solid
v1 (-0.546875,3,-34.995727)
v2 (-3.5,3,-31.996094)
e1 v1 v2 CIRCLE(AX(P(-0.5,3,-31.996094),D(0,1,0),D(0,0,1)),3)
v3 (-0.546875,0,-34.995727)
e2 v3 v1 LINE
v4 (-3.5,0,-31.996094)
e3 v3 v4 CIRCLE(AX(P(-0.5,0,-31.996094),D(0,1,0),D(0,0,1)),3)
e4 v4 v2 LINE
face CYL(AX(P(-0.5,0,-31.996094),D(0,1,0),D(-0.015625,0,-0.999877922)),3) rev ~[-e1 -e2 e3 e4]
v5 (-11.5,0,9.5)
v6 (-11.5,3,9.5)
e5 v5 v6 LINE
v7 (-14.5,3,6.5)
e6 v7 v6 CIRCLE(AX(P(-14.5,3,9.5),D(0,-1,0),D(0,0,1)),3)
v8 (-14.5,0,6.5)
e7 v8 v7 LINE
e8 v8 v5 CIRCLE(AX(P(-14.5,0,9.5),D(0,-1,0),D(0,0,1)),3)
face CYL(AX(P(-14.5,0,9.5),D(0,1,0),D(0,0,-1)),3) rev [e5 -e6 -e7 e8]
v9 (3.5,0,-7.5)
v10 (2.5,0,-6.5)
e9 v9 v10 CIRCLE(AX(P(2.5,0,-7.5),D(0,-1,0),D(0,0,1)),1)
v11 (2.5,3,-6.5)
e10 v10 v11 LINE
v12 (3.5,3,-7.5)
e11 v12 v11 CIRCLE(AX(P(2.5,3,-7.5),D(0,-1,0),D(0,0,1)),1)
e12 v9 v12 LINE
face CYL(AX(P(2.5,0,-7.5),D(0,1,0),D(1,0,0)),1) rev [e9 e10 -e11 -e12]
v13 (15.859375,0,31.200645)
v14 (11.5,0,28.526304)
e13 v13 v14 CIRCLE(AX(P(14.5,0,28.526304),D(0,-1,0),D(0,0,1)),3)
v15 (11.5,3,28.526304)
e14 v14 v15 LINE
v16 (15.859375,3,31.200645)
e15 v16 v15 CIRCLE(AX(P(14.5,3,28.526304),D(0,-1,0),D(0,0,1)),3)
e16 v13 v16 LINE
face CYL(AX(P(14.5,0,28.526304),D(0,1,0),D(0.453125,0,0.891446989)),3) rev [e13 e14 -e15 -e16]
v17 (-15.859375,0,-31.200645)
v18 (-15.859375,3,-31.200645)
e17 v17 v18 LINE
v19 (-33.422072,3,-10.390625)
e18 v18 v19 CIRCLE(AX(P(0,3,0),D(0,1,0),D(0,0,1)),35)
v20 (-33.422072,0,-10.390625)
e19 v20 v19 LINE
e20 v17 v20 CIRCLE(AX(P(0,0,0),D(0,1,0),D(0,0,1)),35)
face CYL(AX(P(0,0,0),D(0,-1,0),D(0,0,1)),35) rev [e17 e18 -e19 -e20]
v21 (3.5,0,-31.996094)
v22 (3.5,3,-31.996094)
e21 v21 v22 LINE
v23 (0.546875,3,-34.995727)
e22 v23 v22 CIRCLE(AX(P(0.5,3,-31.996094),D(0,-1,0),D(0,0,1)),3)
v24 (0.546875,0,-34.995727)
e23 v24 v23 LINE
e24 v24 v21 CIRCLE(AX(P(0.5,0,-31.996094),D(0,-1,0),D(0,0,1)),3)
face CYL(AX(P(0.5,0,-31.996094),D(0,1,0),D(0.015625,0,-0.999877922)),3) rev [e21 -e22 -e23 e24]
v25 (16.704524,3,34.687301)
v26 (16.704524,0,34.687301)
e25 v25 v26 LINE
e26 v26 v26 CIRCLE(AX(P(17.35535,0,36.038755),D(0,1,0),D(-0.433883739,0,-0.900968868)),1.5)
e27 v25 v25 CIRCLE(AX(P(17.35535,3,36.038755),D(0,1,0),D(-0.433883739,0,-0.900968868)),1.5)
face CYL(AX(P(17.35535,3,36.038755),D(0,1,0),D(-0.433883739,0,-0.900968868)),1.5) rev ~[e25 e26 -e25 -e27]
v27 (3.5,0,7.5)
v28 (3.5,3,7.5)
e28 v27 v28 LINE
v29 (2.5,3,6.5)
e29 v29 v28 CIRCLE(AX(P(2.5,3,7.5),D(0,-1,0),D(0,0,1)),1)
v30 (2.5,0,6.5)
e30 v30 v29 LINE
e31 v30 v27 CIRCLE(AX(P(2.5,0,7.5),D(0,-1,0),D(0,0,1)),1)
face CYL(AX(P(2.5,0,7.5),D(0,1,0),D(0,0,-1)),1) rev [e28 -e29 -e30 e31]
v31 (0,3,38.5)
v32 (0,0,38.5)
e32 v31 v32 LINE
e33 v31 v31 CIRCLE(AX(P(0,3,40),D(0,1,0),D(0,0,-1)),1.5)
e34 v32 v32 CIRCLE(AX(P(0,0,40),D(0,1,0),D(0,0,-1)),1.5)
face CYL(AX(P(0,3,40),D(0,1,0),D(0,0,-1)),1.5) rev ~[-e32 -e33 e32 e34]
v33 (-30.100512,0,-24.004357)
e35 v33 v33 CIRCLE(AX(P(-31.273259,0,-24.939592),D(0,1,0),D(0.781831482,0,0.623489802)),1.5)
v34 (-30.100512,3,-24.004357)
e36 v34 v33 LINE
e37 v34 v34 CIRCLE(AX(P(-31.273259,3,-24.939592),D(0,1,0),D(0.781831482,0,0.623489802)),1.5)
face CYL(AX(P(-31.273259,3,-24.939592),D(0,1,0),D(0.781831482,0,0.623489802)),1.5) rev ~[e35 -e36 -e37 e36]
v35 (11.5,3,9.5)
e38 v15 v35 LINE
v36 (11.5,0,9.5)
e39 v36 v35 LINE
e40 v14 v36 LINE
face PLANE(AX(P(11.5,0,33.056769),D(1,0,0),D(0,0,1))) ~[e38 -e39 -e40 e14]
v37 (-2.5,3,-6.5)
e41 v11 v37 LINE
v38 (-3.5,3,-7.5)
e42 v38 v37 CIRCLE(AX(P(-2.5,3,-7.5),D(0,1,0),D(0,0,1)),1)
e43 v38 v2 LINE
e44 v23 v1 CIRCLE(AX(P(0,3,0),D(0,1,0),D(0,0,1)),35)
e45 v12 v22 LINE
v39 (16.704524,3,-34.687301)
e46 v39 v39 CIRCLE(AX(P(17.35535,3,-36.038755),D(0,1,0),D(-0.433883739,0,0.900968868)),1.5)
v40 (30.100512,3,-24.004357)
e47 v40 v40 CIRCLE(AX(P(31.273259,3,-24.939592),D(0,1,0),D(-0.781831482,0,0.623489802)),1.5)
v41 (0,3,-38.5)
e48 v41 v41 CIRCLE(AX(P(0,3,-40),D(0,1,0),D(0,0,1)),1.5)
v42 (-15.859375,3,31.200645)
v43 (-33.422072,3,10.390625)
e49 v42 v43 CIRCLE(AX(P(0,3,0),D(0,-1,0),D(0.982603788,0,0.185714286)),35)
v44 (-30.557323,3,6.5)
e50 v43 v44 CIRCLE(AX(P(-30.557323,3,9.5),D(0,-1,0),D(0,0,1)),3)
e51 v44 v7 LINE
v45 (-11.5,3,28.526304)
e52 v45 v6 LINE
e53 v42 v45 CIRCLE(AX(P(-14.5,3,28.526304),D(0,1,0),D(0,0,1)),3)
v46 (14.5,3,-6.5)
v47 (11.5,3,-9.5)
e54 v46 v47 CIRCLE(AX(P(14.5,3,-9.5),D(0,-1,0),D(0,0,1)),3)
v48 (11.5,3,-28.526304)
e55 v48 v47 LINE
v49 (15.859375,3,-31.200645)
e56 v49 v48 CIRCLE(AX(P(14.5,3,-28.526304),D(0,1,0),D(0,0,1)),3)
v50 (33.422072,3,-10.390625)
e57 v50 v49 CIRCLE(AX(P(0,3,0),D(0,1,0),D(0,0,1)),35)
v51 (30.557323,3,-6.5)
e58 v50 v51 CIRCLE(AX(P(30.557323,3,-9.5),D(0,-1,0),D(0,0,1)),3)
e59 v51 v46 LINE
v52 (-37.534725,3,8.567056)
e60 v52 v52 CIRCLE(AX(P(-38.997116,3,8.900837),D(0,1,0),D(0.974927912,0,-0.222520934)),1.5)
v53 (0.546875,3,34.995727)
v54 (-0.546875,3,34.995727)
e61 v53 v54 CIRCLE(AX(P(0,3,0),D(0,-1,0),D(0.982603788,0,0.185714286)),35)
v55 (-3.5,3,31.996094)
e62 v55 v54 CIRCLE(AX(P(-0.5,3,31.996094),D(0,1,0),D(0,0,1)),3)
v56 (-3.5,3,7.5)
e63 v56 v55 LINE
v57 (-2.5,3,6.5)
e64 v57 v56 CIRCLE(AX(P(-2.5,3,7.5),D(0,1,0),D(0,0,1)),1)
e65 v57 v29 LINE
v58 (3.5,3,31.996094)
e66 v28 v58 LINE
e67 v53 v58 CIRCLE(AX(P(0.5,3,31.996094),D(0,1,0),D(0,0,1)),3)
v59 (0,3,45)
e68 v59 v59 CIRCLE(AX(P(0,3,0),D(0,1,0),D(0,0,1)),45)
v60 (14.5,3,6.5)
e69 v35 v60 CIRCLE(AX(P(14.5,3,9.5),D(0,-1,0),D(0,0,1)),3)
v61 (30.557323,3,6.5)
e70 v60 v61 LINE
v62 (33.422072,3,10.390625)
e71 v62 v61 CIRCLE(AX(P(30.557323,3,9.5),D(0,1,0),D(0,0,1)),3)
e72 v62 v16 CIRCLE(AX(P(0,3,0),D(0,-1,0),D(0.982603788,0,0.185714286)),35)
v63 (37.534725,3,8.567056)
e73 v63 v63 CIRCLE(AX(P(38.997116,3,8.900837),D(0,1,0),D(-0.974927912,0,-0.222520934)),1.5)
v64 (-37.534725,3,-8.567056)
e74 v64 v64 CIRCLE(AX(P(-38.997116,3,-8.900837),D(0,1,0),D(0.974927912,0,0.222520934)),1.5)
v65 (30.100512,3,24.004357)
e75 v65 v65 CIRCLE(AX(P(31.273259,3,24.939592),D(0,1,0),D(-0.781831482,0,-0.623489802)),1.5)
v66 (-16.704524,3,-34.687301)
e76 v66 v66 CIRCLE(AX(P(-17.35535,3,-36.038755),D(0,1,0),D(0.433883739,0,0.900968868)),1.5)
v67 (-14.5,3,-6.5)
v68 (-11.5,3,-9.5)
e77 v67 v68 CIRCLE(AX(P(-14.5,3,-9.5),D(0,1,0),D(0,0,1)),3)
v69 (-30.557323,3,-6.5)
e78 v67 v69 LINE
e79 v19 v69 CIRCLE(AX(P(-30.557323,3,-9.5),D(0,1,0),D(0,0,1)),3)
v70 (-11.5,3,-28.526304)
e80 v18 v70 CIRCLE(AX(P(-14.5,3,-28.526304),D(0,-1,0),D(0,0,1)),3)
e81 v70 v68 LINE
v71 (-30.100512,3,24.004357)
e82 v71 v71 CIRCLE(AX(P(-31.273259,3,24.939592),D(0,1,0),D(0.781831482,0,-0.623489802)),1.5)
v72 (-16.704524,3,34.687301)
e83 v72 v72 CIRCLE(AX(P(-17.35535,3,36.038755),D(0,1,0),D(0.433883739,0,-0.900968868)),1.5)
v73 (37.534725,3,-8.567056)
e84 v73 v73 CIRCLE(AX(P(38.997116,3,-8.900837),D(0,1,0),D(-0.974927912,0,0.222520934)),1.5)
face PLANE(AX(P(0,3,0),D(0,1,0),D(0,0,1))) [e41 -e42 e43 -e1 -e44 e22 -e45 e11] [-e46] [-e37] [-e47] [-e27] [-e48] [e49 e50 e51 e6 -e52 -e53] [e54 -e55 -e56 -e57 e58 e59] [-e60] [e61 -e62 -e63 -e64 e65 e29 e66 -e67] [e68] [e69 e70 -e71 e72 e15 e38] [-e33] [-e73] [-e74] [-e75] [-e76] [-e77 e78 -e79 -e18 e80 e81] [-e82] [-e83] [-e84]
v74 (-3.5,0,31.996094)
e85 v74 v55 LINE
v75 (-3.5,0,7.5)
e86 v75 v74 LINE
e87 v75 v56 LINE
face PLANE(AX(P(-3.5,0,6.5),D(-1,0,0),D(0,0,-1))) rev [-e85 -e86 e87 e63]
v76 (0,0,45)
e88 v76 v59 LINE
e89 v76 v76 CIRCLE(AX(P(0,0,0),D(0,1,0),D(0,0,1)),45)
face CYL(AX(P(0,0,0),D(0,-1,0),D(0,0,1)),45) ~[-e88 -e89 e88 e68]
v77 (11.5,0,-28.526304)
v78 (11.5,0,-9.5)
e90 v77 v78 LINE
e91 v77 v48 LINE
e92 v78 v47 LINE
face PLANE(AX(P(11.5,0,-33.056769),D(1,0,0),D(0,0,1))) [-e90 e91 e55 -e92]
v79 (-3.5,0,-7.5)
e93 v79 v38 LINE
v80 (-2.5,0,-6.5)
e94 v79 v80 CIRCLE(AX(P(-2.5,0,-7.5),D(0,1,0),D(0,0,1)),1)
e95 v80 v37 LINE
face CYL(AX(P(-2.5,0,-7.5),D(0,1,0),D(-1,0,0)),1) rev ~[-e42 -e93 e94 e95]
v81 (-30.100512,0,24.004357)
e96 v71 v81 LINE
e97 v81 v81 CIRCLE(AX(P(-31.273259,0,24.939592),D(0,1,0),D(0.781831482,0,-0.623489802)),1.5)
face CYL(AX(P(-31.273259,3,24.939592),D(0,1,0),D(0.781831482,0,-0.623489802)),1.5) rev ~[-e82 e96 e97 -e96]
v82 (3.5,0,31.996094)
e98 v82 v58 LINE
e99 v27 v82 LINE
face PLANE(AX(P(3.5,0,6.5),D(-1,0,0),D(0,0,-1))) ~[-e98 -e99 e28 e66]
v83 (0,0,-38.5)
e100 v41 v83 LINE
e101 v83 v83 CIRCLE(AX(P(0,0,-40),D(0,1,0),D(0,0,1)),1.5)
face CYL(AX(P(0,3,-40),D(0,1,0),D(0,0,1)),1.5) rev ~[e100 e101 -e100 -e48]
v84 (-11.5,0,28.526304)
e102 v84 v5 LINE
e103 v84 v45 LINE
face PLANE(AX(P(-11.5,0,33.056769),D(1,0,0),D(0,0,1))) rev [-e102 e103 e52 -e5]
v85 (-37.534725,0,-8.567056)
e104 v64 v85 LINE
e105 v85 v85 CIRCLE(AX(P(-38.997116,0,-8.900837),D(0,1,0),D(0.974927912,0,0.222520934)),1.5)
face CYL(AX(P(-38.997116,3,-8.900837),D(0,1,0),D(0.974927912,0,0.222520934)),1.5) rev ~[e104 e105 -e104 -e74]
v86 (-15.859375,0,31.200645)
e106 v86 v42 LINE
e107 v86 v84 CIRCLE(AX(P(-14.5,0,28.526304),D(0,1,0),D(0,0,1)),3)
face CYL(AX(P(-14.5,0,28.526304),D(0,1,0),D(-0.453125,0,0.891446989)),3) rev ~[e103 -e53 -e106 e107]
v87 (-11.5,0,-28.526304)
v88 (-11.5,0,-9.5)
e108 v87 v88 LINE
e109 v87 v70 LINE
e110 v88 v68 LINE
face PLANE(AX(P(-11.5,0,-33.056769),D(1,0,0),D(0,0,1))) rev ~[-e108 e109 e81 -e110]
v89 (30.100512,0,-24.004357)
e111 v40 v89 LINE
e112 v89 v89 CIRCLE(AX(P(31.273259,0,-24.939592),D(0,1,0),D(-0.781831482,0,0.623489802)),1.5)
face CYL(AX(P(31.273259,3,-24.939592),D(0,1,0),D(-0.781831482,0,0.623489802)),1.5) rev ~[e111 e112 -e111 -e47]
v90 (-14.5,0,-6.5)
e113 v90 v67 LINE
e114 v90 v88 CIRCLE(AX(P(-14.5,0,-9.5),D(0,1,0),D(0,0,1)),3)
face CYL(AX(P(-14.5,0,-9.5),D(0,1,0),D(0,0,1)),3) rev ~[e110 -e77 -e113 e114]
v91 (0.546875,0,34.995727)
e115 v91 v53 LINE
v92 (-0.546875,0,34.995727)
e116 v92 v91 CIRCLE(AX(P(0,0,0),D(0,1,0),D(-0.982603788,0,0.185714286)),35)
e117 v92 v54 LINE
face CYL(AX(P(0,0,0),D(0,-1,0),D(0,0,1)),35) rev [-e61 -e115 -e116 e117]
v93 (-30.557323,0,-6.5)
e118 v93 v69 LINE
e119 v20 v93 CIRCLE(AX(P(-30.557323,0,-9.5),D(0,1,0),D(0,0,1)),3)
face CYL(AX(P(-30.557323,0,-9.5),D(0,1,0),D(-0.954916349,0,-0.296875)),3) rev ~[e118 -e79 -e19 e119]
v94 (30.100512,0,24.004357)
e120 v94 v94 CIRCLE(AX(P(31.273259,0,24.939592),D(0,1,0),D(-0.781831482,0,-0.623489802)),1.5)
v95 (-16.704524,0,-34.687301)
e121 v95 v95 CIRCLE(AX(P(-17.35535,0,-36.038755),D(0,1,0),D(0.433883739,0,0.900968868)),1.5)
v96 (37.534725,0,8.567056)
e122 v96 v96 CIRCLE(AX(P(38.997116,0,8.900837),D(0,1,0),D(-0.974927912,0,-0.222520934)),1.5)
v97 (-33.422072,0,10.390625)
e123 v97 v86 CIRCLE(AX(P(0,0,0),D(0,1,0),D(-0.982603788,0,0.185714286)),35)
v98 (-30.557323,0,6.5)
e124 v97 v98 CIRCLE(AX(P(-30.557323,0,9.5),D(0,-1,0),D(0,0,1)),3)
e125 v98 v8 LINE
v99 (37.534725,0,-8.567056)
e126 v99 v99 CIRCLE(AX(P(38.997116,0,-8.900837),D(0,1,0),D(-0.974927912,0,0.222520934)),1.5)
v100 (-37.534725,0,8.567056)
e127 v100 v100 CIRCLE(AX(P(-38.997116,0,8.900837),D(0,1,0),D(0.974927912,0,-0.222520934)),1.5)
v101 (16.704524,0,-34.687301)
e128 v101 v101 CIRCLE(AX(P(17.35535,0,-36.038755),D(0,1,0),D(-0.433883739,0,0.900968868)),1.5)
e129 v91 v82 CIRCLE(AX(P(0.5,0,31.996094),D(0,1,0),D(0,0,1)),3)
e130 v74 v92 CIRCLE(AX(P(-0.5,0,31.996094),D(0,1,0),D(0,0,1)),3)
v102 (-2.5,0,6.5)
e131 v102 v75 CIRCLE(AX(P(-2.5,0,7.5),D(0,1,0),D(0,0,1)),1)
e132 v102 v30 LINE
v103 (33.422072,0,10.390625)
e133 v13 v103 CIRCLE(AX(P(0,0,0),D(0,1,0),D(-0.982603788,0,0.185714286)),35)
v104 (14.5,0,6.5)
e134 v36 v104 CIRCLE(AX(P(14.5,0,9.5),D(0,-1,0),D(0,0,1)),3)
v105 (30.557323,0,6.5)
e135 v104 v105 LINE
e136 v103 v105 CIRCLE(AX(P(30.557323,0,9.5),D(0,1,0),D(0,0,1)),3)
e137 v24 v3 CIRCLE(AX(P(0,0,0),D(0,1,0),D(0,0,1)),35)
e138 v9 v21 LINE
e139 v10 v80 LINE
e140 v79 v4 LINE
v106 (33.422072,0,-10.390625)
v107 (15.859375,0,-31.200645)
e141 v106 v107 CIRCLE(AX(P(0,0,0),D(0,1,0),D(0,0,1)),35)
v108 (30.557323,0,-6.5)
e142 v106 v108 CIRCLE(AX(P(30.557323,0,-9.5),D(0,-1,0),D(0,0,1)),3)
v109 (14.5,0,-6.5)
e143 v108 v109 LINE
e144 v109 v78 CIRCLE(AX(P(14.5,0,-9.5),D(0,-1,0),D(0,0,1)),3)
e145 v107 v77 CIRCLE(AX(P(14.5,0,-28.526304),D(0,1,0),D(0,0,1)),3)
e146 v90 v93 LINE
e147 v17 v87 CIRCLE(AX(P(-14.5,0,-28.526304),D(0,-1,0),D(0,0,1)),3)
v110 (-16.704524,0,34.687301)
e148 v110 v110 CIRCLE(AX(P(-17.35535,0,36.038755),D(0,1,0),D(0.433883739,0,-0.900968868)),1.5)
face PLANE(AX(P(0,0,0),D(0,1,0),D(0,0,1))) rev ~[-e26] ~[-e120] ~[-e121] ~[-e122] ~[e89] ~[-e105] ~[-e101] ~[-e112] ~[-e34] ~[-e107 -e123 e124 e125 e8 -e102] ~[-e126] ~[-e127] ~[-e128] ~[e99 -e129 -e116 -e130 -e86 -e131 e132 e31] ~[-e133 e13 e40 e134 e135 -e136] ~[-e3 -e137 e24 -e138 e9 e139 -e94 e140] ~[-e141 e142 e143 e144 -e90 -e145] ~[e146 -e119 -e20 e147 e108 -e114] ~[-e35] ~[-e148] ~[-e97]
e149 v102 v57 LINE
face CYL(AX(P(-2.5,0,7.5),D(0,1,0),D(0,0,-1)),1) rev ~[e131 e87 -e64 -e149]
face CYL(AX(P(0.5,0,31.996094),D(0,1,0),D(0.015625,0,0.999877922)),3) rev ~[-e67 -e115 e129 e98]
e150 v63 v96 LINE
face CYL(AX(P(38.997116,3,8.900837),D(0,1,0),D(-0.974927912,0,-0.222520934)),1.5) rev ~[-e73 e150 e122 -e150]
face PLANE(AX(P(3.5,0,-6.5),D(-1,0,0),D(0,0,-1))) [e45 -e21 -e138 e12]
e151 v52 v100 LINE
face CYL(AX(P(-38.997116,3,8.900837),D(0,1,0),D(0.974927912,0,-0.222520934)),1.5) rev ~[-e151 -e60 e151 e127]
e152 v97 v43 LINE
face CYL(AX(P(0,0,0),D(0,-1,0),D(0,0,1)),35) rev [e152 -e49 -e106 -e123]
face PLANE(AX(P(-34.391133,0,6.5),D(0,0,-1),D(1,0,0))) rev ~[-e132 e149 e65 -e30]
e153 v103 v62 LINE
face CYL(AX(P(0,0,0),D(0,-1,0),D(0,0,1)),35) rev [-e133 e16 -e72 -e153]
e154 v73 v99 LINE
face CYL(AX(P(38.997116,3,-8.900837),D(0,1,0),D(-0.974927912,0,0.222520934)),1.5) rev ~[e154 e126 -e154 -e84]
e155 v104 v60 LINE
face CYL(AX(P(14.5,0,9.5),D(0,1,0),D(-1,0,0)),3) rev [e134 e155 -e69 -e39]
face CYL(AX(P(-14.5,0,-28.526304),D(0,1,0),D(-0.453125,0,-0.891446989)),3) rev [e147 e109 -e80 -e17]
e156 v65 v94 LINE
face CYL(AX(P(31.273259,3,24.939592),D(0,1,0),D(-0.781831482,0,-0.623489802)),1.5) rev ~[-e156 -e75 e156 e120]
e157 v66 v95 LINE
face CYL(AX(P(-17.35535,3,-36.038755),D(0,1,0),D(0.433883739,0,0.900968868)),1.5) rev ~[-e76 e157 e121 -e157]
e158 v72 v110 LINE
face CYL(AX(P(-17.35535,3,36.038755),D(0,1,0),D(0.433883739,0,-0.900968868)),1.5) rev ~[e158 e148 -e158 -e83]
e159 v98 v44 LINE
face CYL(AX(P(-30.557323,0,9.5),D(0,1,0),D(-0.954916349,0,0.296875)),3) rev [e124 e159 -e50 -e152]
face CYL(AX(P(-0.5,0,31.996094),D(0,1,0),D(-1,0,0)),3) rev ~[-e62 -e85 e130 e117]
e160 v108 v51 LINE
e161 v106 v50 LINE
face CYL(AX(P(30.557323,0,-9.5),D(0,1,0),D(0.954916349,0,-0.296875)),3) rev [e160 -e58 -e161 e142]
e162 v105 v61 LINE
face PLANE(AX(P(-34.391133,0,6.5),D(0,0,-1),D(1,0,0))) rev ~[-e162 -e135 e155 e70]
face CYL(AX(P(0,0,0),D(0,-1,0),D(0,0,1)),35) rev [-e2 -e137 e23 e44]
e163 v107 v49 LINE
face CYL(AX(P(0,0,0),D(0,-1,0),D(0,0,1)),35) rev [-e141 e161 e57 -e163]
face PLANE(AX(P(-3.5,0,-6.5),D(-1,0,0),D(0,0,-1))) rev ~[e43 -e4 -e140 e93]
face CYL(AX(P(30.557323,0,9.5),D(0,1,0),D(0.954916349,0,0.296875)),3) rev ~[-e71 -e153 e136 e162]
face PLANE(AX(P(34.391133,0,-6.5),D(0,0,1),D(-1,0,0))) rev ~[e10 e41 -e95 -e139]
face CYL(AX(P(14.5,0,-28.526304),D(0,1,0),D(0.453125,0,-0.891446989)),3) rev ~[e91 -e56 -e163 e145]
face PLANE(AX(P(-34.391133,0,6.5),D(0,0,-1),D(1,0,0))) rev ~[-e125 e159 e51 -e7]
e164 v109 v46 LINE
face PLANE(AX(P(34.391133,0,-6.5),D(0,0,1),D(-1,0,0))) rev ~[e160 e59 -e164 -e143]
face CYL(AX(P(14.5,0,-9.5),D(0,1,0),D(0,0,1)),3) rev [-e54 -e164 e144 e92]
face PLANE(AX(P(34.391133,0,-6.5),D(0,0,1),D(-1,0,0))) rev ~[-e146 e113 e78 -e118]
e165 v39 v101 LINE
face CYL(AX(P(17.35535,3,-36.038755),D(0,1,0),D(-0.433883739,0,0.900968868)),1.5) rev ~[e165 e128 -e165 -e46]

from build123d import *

# Parameters (mm, degrees)
SKETCH_1_R               = 45
SKETCH_1_R_2             = 35
EXTRUDE_1_DEPTH          = 3
EXTRUDE_2_DEPTH          = 3
SKETCH_3_R               = 1.5
CUT_EXTRUDE_1_DEPTH      = 3
PATTERN_CIRCULAR_1_COUNT = 14
FILLET_1_R               = 3
EXTRUDE_3_DEPTH          = 3
FILLET_2_R               = 3
FILLET_3_R               = 1
FILLET_4_R               = 3


with BuildPart() as part:
    # Эскиз1 → Бобышка-Вытянуть1 (new body)
    with BuildSketch(Plane(origin=(0, 0, 0), x_dir=(1, 0, 0), z_dir=(0, 1, 0))):
        with Locations(Location((0, 0, 0), (0, 0, 270))):
            Circle(SKETCH_1_R)
        with Locations(Location((0, 0, 0), (0, 0, 270))):
            Circle(SKETCH_1_R_2, mode=Mode.SUBTRACT)
    extrude(amount=EXTRUDE_1_DEPTH)

    # Эскиз2 → Бобышка-Вытянуть2 (add)
    with BuildSketch(Plane(origin=(0, 0, 0), x_dir=(1, 0, 0), z_dir=(0, 1, 0))):
        with BuildLine():
            ThreePointArc((-34.391132578, 6.5), (-34.847450698, 3.264227303), (-35, 0))
            Line((-35, 0), (35, 0))
            ThreePointArc((35, 0), (34.847450698, 3.264227303), (34.391132578, 6.5))
            Line((34.391132578, 6.5), (-34.391132578, 6.5))
        make_face()
        with BuildLine():
            Line((35, 0), (-35, 0))
            ThreePointArc((-35, 0), (-34.847450698, -3.264227303), (-34.391132578, -6.5))
            Line((-34.391132578, -6.5), (34.391132578, -6.5))
            ThreePointArc((34.391132578, -6.5), (34.847450698, -3.264227303), (35, 0))
        make_face()
    extrude(amount=EXTRUDE_2_DEPTH)

    # Эскиз3 → Вырез-Вытянуть1 (cut)
    with BuildSketch(Plane(origin=(0, 3, 0), x_dir=(1, 0, 0), z_dir=(0, 1, 0))):
        with Locations(Location((0, 40, 0), (0, 0, 270))):
            Circle(SKETCH_3_R)
    cut_extrude_1 = extrude(amount=-CUT_EXTRUDE_1_DEPTH, mode=Mode.SUBTRACT)

    # Круговой массив1: Вырез-Вытянуть1 ×14 about axis
    pattern_circular_1_axis = Axis((0, 0, 0), (0, 1, 0))
    for i in range(1, PATTERN_CIRCULAR_1_COUNT):
        add(cut_extrude_1.rotate(pattern_circular_1_axis, i * 360 / PATTERN_CIRCULAR_1_COUNT), mode=Mode.SUBTRACT)

    # Скругление1
    fillet_1_edges = [part.edges().sort_by_distance(p)[0] for p in [
        (-34.391132578, 1.5, -6.5),
        (-34.391132578, 1.5, 6.5),
        (34.391132578, 1.5, 6.5),
        (34.391132578, 1.5, -6.5),
    ]]
    fillet(fillet_1_edges, radius=FILLET_1_R)

    # Эскиз4 → Бобышка-Вытянуть3 (add)
    with BuildSketch(Plane(origin=(0, 0, 0), x_dir=(1, 0, 0), z_dir=(0, 1, 0))):
        with BuildLine():
            Line((-3.5, 6.5), (-3.5, 34.824560299))
            ThreePointArc((-3.5, 34.824560299), (-7.551905138, 34.175557476), (-11.5, 33.056769352))
            Line((-11.5, 33.056769352), (-11.5, 6.5))
            Line((-11.5, 6.5), (-3.5, 6.5))
        make_face()
        with BuildLine():
            Line((3.5, 6.5), (3.5, 34.824560299))
            ThreePointArc((3.5, 34.824560299), (7.551905138, 34.175557476), (11.5, 33.056769352))
            Line((11.5, 33.056769352), (11.5, 6.5))
            Line((11.5, 6.5), (3.5, 6.5))
        make_face()
    extrude_3 = extrude(amount=EXTRUDE_3_DEPTH)

    # Скругление2
    fillet_2_edges = [part.edges().sort_by_distance(p)[0] for p in [
        (-11.5, 1.5, -6.5),
        (-3.5, 1.5, -34.824560299),
        (-11.5, 1.5, -33.056769352),
        (11.5, 1.5, -6.5),
        (11.5, 1.5, -33.056769352),
        (3.5, 1.5, -34.824560299),
    ]]
    fillet(fillet_2_edges, radius=FILLET_2_R)

    # Зеркальное отражение1: Бобышка-Вытянуть3 across plane
    add(extrude_3.mirror(Plane.XY))

    # Скругление3
    fillet_3_edges = [part.edges().sort_by_distance(p)[0] for p in [
        (-3.5, 1.5, -6.5),
        (3.5, 1.5, -6.5),
        (-3.5, 1.5, 6.5),
        (3.5, 1.5, 6.5),
    ]]
    fillet(fillet_3_edges, radius=FILLET_3_R)

    # Скругление4
    fillet_4_edges = [part.edges().sort_by_distance(p)[0] for p in [
        (-11.5, 1.5, 6.5),
        (-11.5, 1.5, 33.056769352),
        (-3.5, 1.5, 34.824560299),
        (11.5, 1.5, 6.5),
        (3.5, 1.5, 34.824560299),
        (11.5, 1.5, 33.056769352),
    ]]
    fillet(fillet_4_edges, radius=FILLET_4_R)


solid = part.part
